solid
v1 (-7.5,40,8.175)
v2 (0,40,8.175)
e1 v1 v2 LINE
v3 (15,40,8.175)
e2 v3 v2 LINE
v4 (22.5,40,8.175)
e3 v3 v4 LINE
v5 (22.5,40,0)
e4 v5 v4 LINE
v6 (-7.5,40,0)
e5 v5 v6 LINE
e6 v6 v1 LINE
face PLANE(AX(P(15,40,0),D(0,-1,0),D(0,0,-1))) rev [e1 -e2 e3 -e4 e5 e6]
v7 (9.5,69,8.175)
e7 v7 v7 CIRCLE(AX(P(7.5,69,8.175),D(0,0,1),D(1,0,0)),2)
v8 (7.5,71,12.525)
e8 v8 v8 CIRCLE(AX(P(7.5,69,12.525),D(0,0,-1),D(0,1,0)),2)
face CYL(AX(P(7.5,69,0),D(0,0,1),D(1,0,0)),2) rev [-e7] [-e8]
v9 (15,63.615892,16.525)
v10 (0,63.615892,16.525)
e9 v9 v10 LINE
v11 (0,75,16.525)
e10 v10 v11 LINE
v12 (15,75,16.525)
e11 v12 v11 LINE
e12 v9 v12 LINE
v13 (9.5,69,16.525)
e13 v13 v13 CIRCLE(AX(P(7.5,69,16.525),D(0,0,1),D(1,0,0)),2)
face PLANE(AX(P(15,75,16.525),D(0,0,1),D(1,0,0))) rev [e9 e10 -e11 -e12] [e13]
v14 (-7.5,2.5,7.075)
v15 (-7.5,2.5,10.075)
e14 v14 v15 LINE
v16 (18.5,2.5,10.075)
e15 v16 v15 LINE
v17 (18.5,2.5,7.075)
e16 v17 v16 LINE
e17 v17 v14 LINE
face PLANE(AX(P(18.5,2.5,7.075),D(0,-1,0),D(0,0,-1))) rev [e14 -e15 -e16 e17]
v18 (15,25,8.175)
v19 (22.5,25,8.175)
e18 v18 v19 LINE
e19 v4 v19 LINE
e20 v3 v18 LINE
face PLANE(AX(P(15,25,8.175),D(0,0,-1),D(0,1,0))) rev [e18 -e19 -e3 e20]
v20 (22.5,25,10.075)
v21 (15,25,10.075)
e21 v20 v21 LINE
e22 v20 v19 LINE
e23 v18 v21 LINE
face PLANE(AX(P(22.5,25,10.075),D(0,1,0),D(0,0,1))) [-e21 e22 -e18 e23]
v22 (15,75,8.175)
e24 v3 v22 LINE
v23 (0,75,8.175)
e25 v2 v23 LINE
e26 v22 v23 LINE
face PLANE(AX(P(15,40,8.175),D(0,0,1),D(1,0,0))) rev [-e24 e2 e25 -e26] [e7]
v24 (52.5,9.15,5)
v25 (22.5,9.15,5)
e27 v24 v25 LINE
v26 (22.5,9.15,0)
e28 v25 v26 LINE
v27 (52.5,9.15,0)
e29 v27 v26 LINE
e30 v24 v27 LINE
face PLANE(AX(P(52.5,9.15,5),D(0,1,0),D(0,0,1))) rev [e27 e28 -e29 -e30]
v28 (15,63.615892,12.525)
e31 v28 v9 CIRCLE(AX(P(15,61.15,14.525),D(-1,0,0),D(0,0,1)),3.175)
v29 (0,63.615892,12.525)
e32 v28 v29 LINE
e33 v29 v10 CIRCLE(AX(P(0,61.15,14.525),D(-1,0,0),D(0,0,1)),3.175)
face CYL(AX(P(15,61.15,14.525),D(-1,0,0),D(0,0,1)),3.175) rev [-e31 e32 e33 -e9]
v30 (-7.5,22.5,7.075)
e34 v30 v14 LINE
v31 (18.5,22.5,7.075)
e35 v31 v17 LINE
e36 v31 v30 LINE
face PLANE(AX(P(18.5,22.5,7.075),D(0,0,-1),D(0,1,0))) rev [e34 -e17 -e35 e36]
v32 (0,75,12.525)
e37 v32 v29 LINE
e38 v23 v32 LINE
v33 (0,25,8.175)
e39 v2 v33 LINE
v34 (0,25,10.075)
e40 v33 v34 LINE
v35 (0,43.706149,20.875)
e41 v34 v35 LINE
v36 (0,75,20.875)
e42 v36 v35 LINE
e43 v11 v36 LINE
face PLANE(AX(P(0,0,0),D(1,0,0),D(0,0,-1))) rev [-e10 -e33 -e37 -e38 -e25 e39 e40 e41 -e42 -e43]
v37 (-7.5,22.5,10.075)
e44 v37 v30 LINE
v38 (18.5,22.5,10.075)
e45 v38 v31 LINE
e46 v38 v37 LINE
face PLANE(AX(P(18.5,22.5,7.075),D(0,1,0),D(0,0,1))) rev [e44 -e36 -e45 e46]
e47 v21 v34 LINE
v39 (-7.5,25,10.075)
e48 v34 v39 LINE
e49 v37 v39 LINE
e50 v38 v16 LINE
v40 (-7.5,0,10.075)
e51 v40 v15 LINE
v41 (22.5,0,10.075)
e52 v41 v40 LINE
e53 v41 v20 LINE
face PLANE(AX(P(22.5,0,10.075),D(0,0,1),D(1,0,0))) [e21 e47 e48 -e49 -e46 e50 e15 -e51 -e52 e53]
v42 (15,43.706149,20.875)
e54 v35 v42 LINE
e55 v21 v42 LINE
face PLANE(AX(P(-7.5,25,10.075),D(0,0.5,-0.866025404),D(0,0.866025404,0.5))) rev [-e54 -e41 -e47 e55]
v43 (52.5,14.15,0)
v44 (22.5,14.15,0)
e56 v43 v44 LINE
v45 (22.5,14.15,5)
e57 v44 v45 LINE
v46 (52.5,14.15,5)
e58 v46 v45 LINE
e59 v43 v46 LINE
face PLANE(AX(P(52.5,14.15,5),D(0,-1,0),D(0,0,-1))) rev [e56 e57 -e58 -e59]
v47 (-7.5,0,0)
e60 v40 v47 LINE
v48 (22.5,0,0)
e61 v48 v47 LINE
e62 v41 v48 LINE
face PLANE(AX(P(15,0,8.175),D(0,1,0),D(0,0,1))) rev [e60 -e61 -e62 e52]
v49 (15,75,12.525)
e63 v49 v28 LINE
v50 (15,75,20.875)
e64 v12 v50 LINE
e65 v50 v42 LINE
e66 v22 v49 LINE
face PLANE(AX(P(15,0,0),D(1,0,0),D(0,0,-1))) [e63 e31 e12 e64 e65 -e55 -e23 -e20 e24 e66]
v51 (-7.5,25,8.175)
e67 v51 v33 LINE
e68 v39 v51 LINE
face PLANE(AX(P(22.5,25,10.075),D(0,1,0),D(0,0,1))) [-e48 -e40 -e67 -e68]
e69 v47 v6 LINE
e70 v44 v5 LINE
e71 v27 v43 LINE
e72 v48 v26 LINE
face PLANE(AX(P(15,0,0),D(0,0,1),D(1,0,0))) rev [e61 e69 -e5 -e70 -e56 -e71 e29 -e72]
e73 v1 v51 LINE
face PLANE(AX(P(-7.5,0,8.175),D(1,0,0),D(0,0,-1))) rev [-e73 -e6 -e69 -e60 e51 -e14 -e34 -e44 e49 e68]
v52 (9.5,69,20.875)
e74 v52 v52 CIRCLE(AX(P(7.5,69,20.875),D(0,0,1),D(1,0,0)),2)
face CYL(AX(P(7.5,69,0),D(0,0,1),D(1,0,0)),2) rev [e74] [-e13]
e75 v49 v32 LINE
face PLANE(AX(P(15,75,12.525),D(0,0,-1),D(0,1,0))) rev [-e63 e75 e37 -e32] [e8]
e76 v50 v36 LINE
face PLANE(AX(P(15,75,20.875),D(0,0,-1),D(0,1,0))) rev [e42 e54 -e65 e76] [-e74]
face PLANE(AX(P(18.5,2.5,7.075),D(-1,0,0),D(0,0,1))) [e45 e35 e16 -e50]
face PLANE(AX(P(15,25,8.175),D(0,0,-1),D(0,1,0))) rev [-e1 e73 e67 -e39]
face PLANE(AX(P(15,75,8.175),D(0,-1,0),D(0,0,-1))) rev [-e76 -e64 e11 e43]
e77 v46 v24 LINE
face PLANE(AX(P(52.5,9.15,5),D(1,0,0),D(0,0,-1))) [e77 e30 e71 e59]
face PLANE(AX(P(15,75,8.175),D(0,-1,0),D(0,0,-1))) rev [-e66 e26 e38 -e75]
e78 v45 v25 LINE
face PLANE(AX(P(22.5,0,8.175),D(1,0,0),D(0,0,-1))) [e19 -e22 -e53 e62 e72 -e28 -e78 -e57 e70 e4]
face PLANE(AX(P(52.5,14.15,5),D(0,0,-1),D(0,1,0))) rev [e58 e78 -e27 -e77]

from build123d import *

# Parameters (mm, degrees)
BOSS_EXTRUDE1_DEPTH      = 15
CUT_EXTRUDE4_DEPTH       = 16
SKETCH8_R                = 2
CUT_EXTRUDE5_DEPTH       = 21.875
SKETCH9_W                = 8.175
SKETCH9_H                = 40
BOSS_EXTRUDE2_DEPTH      = 22.5
BOSS_EXTRUDE2_DEPTH_BACK = 7.5
SKETCH11_W               = 1.1
SKETCH11_H               = 20
CUT_EXTRUDE6_DEPTH       = 26
BOSS_EXTRUDE4_DEPTH      = 30
SKETCH13_W               = 1.9
SKETCH13_H               = 25
BOSS_EXTRUDE5_DEPTH      = 4
SKETCH15_W               = 5
SKETCH15_H               = 5
BOSS_EXTRUDE6_DEPTH      = 30
CUT_EXTRUDE7_DEPTH       = 23.5


with BuildPart() as part:
    # Sketch2 → Boss-Extrude1 (new body)
    with BuildSketch(Plane(origin=(0, 0, 0), x_dir=(0, 0, -1), z_dir=(1, 0, 0))):
        Polygon((0, 0), (0, 40), (-8.175, 40), (-8.175, 75), (-20.875, 75), (-20.875, 25), (-8.175, 25), (-8.175, 0), align=None)
    extrude(amount=BOSS_EXTRUDE1_DEPTH)

    # Sketch7 → Cut-Extrude4 (cut, through all)
    with BuildSketch(Plane.ZY):
        with BuildLine():
            Line((12.525, 75), (12.525, 63.615892333))
            ThreePointArc((12.525, 63.615892333), (14.525, 57.975), (16.525, 63.615892333))
            Line((16.525, 63.615892333), (16.525, 75))
            Line((16.525, 75), (12.525, 75))
        make_face()
    extrude(amount=-CUT_EXTRUDE4_DEPTH, mode=Mode.SUBTRACT)

    # Sketch8 → Cut-Extrude5 (cut, through all)
    with BuildSketch(Plane.XY.offset(20.875)):
        with Locations((7.5, 69)):
            Circle(SKETCH8_R)
    extrude(amount=-CUT_EXTRUDE5_DEPTH, mode=Mode.SUBTRACT)

    # Sketch9 → Boss-Extrude2 (add, two sides)
    with BuildSketch(Plane(origin=(0, 0, 0), x_dir=(0, 0, -1), z_dir=(1, 0, 0))) as boss_extrude2_sk:
        with Locations((-4.0875, 20)):
            Rectangle(SKETCH9_W, SKETCH9_H)
    extrude(amount=BOSS_EXTRUDE2_DEPTH)
    extrude(boss_extrude2_sk.sketch, amount=-BOSS_EXTRUDE2_DEPTH_BACK)

    # Sketch11 → Cut-Extrude6 (cut)
    with BuildSketch(Plane.ZY.offset(7.5)):
        with Locations((7.625, 12.5)):
            Rectangle(SKETCH11_W, SKETCH11_H)
    extrude(amount=-CUT_EXTRUDE6_DEPTH, mode=Mode.SUBTRACT)

    # Sketch12 → Boss-Extrude4 (add, through all)
    with BuildSketch(Plane.ZY.offset(7.5)):
        Polygon((10.075, 22.5), (7.075, 22.5), (7.075, 2.5), (10.075, 2.5), (10.075, 0), (5.075, 0), (5.075, 25), (10.075, 25), align=None)
    extrude(amount=-BOSS_EXTRUDE4_DEPTH)

    # Sketch13 → Boss-Extrude5 (add)
    with BuildSketch(Plane(origin=(22.5, 0, 0), x_dir=(0, 0, -1), z_dir=(1, 0, 0))):
        with Locations((-9.125, 12.5)):
            Rectangle(SKETCH13_W, SKETCH13_H)
    extrude(amount=-BOSS_EXTRUDE5_DEPTH)

    # Sketch15 → Boss-Extrude6 (add)
    with BuildSketch(Plane(origin=(22.5, 0, 0), x_dir=(0, 0, -1), z_dir=(1, 0, 0))):
        with Locations((-2.5, 11.65)):
            Rectangle(SKETCH15_W, SKETCH15_H)
    extrude(amount=BOSS_EXTRUDE6_DEPTH)

    # Sketch16 → Cut-Extrude7 (cut, through all)
    with BuildSketch(Plane(origin=(15, 0, 0), x_dir=(0, 0, -1), z_dir=(1, 0, 0))):
        Polygon((-10.075, 25), (-20.875, 43.706148722), (-20.875, 25), align=None)
    extrude(amount=-CUT_EXTRUDE7_DEPTH, mode=Mode.SUBTRACT)


solid = part.part
